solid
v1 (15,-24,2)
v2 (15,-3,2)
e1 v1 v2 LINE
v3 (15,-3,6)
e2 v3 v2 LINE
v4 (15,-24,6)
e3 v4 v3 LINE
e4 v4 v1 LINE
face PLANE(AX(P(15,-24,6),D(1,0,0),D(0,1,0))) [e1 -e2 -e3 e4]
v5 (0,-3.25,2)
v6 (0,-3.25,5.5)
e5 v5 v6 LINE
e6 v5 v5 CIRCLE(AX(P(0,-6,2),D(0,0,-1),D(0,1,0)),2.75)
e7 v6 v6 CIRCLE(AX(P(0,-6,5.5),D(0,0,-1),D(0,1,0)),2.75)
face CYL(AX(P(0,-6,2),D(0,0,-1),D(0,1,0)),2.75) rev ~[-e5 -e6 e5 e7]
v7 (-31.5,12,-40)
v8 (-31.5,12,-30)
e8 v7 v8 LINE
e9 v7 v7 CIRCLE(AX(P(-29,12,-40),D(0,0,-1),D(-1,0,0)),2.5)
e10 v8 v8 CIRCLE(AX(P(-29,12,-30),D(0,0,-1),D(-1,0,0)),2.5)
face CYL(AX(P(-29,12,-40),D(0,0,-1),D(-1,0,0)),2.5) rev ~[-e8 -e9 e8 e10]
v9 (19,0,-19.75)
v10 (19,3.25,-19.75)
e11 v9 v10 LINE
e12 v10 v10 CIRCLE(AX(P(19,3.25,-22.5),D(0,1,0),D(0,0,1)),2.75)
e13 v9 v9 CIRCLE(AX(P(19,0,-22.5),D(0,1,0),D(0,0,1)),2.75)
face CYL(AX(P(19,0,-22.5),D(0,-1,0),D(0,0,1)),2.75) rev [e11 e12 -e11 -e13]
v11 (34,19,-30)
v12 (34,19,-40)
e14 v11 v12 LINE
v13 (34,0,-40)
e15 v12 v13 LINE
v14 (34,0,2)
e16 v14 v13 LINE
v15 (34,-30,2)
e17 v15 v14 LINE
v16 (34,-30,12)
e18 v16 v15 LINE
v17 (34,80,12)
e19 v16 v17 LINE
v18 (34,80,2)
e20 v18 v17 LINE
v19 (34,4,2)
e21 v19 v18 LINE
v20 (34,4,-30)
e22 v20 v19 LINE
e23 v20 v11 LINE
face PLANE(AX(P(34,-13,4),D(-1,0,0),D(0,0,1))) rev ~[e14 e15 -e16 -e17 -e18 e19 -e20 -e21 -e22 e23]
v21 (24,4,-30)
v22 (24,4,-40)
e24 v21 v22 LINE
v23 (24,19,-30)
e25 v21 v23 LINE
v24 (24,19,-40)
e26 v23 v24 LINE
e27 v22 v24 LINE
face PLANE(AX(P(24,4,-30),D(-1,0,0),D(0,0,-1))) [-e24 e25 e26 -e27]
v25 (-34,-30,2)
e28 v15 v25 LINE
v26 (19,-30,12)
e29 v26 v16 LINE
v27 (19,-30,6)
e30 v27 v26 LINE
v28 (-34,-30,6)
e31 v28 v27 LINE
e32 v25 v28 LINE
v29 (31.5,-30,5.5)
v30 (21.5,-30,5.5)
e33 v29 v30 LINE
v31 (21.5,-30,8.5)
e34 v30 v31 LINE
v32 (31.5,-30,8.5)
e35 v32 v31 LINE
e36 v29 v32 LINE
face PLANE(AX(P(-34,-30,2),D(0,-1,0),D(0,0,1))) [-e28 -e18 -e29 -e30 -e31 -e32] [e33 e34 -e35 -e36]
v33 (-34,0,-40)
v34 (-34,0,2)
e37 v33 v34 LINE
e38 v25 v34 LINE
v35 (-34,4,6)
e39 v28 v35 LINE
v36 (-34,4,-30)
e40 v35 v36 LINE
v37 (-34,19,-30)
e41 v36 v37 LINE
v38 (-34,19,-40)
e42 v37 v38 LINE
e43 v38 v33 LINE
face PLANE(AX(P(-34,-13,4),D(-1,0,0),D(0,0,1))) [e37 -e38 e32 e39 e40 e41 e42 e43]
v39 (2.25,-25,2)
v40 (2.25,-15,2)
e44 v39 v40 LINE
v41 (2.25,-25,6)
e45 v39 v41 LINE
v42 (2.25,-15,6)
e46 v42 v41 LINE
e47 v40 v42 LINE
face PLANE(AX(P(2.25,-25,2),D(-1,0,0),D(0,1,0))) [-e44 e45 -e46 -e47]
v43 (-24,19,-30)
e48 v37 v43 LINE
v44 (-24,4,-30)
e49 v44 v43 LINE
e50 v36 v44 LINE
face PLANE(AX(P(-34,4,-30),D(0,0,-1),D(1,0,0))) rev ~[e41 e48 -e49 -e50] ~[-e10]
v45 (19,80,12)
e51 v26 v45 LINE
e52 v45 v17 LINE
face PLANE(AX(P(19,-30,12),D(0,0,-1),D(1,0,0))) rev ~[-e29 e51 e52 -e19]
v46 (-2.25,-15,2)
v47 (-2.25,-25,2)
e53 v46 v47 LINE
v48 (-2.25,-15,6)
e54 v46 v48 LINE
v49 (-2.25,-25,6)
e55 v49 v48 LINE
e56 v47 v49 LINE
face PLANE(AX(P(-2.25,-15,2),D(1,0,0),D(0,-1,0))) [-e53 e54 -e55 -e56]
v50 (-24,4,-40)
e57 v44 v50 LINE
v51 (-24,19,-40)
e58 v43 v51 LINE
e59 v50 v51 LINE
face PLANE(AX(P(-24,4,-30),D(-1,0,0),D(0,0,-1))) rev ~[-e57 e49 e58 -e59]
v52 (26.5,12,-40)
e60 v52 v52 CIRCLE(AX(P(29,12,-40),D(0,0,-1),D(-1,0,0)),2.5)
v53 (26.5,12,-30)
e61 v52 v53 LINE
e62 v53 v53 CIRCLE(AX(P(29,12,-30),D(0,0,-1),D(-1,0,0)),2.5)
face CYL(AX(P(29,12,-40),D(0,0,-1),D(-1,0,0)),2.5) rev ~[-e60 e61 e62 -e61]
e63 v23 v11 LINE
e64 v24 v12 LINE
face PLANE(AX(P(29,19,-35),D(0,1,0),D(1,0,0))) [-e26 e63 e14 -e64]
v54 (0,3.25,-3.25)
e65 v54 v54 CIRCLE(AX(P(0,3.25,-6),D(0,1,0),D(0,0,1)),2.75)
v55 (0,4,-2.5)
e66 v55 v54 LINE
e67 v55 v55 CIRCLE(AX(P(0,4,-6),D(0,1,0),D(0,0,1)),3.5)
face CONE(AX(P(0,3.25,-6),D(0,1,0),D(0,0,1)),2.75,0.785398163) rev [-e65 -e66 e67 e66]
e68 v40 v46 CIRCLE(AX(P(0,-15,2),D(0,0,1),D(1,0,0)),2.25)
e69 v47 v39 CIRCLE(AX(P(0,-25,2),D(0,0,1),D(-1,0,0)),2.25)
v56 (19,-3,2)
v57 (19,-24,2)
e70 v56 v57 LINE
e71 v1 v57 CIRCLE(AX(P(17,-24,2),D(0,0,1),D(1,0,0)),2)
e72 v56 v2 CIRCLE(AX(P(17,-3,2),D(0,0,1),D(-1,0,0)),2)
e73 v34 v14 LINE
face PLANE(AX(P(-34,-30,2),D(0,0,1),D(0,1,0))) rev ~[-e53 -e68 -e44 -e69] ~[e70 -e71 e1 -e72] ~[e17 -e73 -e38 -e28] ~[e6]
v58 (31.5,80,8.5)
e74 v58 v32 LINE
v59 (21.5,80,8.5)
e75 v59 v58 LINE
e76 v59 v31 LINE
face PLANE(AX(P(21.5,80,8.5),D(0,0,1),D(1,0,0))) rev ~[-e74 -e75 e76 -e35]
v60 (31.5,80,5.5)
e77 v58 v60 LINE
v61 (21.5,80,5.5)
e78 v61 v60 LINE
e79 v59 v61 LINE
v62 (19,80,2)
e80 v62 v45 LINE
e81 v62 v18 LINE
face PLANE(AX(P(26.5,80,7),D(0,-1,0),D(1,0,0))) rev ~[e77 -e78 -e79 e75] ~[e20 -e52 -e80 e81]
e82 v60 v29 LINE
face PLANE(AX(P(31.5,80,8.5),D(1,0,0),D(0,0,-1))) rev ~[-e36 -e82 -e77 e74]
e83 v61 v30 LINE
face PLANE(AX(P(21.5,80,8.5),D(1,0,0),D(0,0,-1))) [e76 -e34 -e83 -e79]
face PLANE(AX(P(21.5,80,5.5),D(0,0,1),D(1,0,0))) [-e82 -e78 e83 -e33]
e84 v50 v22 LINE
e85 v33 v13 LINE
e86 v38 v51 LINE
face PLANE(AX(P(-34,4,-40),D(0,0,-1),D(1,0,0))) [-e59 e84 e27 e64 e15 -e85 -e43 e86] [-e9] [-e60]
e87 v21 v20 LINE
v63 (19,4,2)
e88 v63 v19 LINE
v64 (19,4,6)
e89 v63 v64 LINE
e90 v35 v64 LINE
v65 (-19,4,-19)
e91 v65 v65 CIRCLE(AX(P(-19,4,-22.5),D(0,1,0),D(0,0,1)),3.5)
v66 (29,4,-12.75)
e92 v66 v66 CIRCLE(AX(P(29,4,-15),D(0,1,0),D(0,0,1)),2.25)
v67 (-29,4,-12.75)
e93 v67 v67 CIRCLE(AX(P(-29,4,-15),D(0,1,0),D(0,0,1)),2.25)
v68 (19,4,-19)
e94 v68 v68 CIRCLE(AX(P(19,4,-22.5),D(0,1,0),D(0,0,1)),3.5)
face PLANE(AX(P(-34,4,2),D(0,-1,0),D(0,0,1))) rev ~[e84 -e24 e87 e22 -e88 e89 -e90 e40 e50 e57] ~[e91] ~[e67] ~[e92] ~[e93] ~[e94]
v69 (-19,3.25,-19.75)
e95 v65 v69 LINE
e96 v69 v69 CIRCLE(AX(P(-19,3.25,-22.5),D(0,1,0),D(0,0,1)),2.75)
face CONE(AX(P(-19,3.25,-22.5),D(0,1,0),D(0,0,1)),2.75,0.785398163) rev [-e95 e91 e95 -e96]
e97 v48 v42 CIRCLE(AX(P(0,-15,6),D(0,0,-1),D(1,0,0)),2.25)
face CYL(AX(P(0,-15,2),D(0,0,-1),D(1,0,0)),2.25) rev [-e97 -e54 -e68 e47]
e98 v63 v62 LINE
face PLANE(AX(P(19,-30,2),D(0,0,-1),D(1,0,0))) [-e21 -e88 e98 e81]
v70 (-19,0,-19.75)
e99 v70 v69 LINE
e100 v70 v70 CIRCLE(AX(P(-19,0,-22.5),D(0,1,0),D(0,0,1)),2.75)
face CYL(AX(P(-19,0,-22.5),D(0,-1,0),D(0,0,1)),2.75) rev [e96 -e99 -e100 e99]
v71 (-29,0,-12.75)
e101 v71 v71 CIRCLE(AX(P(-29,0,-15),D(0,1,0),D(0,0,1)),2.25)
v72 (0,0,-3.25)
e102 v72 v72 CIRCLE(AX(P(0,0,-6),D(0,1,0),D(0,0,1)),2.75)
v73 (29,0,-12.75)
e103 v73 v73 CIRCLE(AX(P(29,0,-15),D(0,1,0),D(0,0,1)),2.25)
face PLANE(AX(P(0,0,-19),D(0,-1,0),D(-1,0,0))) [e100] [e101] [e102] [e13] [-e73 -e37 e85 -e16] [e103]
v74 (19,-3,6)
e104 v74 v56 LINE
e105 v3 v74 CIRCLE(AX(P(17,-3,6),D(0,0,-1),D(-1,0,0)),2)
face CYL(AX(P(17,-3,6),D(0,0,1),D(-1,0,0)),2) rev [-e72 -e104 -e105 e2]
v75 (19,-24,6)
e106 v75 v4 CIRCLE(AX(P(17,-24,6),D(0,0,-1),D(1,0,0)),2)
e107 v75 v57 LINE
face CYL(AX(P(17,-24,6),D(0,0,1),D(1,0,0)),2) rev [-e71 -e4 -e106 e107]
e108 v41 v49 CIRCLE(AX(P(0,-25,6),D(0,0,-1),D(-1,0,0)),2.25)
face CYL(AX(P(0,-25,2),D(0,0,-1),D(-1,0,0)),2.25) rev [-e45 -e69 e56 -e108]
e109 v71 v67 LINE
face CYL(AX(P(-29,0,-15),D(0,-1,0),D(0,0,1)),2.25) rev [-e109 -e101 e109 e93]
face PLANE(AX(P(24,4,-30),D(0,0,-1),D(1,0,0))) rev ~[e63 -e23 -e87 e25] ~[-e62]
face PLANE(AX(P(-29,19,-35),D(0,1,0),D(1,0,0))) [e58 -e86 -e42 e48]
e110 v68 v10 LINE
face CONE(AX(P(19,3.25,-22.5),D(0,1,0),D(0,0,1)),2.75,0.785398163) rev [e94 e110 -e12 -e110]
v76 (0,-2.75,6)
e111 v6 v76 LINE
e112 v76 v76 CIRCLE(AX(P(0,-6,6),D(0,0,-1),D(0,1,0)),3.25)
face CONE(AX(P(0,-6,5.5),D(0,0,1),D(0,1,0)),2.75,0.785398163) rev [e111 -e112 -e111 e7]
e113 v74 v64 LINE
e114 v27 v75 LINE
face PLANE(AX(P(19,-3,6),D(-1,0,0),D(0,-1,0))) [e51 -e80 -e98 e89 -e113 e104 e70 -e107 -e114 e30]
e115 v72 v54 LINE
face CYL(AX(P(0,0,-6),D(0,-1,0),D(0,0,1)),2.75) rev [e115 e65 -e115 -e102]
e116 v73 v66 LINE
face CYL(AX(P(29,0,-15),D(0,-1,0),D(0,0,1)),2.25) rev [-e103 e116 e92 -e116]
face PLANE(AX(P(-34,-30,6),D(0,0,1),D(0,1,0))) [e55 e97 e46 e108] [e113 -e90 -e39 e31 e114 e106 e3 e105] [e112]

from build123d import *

# Parameters (mm, degrees)
SKETCH1_R           = 2.75
SKETCH1_R_2         = 2.25
BOSS_EXTRUDE1_DEPTH = 4
SKETCH3_W           = 10
SKETCH3_H           = 10
BOSS_EXTRUDE3_DEPTH = 15
SKETCH4_R           = 2.5
CUT_EXTRUDE1_DEPTH  = 58.280013966
CHAMFER1_SIZE       = 0.75
SKETCH5_W           = 4
SKETCH5_H           = 34
BOSS_EXTRUDE4_DEPTH = 68
SKETCH7_R           = 2.75
CUT_EXTRUDE2_DEPTH  = 62.806148561
CHAMFER2_SIZE       = 0.5
SKETCH8_W           = 15
SKETCH8_H           = 10
BOSS_EXTRUDE5_DEPTH = 110
CUT_EXTRUDE3_DEPTH  = 99.346326825
SKETCH10_W          = 10
SKETCH10_H          = 3
CUT_EXTRUDE4_DEPTH  = 122.885191882


with BuildPart() as part:
    # Sketch1 → Boss-Extrude1 (new body)
    with BuildSketch(Plane(origin=(0, 0, 0), x_dir=(1, 0, 0), z_dir=(0, 1, 0))):
        Polygon((-34, 0), (-34, 40), (34, 40), (34, 0), (34, -2), (-34, -2), align=None)
        with Locations(Location((-19, 22.5, 0), (0, 0, 270))):
            Circle(SKETCH1_R, mode=Mode.SUBTRACT)
        with Locations(Location((19, 22.5, 0), (0, 0, 270))):
            Circle(SKETCH1_R, mode=Mode.SUBTRACT)
        with Locations(Location((-29, 15, 0), (0, 0, 270))):
            Circle(SKETCH1_R_2, mode=Mode.SUBTRACT)
        with Locations(Location((29, 15, 0), (0, 0, 270))):
            Circle(SKETCH1_R_2, mode=Mode.SUBTRACT)
        with Locations(Location((0, 6, 0), (0, 0, 270))):
            Circle(SKETCH1_R, mode=Mode.SUBTRACT)
    extrude(amount=BOSS_EXTRUDE1_DEPTH)

    # Sketch3 → Boss-Extrude3 (add)
    with BuildSketch(Plane(origin=(0, 4, 0), x_dir=(1, 0, 0), z_dir=(0, 1, 0))):
        with Locations((-29, 35)):
            Rectangle(SKETCH3_W, SKETCH3_H)
        with Locations((29, 35)):
            Rectangle(SKETCH3_W, SKETCH3_H)
    extrude(amount=BOSS_EXTRUDE3_DEPTH)

    # Sketch4 → Cut-Extrude1 (cut, through all)
    with BuildSketch(Plane(origin=(0, 0, -40), x_dir=(-1, 0, 0), z_dir=(0, 0, -1))):
        with Locations((-29, 12)):
            Circle(SKETCH4_R)
        with Locations((29, 12)):
            Circle(SKETCH4_R)
    extrude(amount=-CUT_EXTRUDE1_DEPTH, mode=Mode.SUBTRACT)

    # Chamfer1
    chamfer1_edges = [part.edges().sort_by_distance(p)[0] for p in [
        (-19, 4, -25.25),
        (19, 4, -25.25),
        (0, 4, -8.75),
    ]]
    chamfer(chamfer1_edges, length=CHAMFER1_SIZE)

    # Sketch5 → Boss-Extrude4 (add)
    with BuildSketch(Plane.ZY.offset(34)):
        with Locations((4, -13)):
            Rectangle(SKETCH5_W, SKETCH5_H)
    extrude(amount=-BOSS_EXTRUDE4_DEPTH)

    # Sketch7 → Cut-Extrude2 (cut, through all)
    with BuildSketch(Plane(origin=(0, 0, 2), x_dir=(-1, 0, 0), z_dir=(0, 0, -1))):
        with Locations(Location((0, -6, 0), (0, 0, 90))):
            Circle(SKETCH7_R)
        with BuildLine():
            Line((2.25, -15), (2.25, -25))
            ThreePointArc((2.25, -25), (0, -27.25), (-2.25, -25))
            Line((-2.25, -25), (-2.25, -15))
            ThreePointArc((-2.25, -15), (0, -12.75), (2.25, -15))
        make_face()
    extrude(amount=-CUT_EXTRUDE2_DEPTH, mode=Mode.SUBTRACT)

    # Chamfer2
    chamfer2_edges = [part.edges().sort_by_distance(p)[0] for p in [
        (0, -8.75, 6),
    ]]
    chamfer(chamfer2_edges, length=CHAMFER2_SIZE)

    # Sketch8 → Boss-Extrude5 (add)
    with BuildSketch(Plane.XZ.offset(30)):
        with Locations((26.5, 7)):
            Rectangle(SKETCH8_W, SKETCH8_H)
    extrude(amount=-BOSS_EXTRUDE5_DEPTH)

    # Sketch9 → Cut-Extrude3 (cut, through all)
    with BuildSketch(Plane.XY.offset(6)):
        with BuildLine():
            Line((19, -3), (19, -24))
            ThreePointArc((19, -24), (17, -26), (15, -24))
            Line((15, -24), (15, -3))
            ThreePointArc((15, -3), (17, -1), (19, -3))
        make_face()
    extrude(amount=-CUT_EXTRUDE3_DEPTH, mode=Mode.SUBTRACT)

    # Sketch10 → Cut-Extrude4 (cut, through all)
    with BuildSketch(Plane(origin=(0, 80, 0), x_dir=(1, 0, 0), z_dir=(0, 1, 0))):
        with Locations((26.5, -7)):
            Rectangle(SKETCH10_W, SKETCH10_H)
    extrude(amount=-CUT_EXTRUDE4_DEPTH, mode=Mode.SUBTRACT)


solid = part.part
